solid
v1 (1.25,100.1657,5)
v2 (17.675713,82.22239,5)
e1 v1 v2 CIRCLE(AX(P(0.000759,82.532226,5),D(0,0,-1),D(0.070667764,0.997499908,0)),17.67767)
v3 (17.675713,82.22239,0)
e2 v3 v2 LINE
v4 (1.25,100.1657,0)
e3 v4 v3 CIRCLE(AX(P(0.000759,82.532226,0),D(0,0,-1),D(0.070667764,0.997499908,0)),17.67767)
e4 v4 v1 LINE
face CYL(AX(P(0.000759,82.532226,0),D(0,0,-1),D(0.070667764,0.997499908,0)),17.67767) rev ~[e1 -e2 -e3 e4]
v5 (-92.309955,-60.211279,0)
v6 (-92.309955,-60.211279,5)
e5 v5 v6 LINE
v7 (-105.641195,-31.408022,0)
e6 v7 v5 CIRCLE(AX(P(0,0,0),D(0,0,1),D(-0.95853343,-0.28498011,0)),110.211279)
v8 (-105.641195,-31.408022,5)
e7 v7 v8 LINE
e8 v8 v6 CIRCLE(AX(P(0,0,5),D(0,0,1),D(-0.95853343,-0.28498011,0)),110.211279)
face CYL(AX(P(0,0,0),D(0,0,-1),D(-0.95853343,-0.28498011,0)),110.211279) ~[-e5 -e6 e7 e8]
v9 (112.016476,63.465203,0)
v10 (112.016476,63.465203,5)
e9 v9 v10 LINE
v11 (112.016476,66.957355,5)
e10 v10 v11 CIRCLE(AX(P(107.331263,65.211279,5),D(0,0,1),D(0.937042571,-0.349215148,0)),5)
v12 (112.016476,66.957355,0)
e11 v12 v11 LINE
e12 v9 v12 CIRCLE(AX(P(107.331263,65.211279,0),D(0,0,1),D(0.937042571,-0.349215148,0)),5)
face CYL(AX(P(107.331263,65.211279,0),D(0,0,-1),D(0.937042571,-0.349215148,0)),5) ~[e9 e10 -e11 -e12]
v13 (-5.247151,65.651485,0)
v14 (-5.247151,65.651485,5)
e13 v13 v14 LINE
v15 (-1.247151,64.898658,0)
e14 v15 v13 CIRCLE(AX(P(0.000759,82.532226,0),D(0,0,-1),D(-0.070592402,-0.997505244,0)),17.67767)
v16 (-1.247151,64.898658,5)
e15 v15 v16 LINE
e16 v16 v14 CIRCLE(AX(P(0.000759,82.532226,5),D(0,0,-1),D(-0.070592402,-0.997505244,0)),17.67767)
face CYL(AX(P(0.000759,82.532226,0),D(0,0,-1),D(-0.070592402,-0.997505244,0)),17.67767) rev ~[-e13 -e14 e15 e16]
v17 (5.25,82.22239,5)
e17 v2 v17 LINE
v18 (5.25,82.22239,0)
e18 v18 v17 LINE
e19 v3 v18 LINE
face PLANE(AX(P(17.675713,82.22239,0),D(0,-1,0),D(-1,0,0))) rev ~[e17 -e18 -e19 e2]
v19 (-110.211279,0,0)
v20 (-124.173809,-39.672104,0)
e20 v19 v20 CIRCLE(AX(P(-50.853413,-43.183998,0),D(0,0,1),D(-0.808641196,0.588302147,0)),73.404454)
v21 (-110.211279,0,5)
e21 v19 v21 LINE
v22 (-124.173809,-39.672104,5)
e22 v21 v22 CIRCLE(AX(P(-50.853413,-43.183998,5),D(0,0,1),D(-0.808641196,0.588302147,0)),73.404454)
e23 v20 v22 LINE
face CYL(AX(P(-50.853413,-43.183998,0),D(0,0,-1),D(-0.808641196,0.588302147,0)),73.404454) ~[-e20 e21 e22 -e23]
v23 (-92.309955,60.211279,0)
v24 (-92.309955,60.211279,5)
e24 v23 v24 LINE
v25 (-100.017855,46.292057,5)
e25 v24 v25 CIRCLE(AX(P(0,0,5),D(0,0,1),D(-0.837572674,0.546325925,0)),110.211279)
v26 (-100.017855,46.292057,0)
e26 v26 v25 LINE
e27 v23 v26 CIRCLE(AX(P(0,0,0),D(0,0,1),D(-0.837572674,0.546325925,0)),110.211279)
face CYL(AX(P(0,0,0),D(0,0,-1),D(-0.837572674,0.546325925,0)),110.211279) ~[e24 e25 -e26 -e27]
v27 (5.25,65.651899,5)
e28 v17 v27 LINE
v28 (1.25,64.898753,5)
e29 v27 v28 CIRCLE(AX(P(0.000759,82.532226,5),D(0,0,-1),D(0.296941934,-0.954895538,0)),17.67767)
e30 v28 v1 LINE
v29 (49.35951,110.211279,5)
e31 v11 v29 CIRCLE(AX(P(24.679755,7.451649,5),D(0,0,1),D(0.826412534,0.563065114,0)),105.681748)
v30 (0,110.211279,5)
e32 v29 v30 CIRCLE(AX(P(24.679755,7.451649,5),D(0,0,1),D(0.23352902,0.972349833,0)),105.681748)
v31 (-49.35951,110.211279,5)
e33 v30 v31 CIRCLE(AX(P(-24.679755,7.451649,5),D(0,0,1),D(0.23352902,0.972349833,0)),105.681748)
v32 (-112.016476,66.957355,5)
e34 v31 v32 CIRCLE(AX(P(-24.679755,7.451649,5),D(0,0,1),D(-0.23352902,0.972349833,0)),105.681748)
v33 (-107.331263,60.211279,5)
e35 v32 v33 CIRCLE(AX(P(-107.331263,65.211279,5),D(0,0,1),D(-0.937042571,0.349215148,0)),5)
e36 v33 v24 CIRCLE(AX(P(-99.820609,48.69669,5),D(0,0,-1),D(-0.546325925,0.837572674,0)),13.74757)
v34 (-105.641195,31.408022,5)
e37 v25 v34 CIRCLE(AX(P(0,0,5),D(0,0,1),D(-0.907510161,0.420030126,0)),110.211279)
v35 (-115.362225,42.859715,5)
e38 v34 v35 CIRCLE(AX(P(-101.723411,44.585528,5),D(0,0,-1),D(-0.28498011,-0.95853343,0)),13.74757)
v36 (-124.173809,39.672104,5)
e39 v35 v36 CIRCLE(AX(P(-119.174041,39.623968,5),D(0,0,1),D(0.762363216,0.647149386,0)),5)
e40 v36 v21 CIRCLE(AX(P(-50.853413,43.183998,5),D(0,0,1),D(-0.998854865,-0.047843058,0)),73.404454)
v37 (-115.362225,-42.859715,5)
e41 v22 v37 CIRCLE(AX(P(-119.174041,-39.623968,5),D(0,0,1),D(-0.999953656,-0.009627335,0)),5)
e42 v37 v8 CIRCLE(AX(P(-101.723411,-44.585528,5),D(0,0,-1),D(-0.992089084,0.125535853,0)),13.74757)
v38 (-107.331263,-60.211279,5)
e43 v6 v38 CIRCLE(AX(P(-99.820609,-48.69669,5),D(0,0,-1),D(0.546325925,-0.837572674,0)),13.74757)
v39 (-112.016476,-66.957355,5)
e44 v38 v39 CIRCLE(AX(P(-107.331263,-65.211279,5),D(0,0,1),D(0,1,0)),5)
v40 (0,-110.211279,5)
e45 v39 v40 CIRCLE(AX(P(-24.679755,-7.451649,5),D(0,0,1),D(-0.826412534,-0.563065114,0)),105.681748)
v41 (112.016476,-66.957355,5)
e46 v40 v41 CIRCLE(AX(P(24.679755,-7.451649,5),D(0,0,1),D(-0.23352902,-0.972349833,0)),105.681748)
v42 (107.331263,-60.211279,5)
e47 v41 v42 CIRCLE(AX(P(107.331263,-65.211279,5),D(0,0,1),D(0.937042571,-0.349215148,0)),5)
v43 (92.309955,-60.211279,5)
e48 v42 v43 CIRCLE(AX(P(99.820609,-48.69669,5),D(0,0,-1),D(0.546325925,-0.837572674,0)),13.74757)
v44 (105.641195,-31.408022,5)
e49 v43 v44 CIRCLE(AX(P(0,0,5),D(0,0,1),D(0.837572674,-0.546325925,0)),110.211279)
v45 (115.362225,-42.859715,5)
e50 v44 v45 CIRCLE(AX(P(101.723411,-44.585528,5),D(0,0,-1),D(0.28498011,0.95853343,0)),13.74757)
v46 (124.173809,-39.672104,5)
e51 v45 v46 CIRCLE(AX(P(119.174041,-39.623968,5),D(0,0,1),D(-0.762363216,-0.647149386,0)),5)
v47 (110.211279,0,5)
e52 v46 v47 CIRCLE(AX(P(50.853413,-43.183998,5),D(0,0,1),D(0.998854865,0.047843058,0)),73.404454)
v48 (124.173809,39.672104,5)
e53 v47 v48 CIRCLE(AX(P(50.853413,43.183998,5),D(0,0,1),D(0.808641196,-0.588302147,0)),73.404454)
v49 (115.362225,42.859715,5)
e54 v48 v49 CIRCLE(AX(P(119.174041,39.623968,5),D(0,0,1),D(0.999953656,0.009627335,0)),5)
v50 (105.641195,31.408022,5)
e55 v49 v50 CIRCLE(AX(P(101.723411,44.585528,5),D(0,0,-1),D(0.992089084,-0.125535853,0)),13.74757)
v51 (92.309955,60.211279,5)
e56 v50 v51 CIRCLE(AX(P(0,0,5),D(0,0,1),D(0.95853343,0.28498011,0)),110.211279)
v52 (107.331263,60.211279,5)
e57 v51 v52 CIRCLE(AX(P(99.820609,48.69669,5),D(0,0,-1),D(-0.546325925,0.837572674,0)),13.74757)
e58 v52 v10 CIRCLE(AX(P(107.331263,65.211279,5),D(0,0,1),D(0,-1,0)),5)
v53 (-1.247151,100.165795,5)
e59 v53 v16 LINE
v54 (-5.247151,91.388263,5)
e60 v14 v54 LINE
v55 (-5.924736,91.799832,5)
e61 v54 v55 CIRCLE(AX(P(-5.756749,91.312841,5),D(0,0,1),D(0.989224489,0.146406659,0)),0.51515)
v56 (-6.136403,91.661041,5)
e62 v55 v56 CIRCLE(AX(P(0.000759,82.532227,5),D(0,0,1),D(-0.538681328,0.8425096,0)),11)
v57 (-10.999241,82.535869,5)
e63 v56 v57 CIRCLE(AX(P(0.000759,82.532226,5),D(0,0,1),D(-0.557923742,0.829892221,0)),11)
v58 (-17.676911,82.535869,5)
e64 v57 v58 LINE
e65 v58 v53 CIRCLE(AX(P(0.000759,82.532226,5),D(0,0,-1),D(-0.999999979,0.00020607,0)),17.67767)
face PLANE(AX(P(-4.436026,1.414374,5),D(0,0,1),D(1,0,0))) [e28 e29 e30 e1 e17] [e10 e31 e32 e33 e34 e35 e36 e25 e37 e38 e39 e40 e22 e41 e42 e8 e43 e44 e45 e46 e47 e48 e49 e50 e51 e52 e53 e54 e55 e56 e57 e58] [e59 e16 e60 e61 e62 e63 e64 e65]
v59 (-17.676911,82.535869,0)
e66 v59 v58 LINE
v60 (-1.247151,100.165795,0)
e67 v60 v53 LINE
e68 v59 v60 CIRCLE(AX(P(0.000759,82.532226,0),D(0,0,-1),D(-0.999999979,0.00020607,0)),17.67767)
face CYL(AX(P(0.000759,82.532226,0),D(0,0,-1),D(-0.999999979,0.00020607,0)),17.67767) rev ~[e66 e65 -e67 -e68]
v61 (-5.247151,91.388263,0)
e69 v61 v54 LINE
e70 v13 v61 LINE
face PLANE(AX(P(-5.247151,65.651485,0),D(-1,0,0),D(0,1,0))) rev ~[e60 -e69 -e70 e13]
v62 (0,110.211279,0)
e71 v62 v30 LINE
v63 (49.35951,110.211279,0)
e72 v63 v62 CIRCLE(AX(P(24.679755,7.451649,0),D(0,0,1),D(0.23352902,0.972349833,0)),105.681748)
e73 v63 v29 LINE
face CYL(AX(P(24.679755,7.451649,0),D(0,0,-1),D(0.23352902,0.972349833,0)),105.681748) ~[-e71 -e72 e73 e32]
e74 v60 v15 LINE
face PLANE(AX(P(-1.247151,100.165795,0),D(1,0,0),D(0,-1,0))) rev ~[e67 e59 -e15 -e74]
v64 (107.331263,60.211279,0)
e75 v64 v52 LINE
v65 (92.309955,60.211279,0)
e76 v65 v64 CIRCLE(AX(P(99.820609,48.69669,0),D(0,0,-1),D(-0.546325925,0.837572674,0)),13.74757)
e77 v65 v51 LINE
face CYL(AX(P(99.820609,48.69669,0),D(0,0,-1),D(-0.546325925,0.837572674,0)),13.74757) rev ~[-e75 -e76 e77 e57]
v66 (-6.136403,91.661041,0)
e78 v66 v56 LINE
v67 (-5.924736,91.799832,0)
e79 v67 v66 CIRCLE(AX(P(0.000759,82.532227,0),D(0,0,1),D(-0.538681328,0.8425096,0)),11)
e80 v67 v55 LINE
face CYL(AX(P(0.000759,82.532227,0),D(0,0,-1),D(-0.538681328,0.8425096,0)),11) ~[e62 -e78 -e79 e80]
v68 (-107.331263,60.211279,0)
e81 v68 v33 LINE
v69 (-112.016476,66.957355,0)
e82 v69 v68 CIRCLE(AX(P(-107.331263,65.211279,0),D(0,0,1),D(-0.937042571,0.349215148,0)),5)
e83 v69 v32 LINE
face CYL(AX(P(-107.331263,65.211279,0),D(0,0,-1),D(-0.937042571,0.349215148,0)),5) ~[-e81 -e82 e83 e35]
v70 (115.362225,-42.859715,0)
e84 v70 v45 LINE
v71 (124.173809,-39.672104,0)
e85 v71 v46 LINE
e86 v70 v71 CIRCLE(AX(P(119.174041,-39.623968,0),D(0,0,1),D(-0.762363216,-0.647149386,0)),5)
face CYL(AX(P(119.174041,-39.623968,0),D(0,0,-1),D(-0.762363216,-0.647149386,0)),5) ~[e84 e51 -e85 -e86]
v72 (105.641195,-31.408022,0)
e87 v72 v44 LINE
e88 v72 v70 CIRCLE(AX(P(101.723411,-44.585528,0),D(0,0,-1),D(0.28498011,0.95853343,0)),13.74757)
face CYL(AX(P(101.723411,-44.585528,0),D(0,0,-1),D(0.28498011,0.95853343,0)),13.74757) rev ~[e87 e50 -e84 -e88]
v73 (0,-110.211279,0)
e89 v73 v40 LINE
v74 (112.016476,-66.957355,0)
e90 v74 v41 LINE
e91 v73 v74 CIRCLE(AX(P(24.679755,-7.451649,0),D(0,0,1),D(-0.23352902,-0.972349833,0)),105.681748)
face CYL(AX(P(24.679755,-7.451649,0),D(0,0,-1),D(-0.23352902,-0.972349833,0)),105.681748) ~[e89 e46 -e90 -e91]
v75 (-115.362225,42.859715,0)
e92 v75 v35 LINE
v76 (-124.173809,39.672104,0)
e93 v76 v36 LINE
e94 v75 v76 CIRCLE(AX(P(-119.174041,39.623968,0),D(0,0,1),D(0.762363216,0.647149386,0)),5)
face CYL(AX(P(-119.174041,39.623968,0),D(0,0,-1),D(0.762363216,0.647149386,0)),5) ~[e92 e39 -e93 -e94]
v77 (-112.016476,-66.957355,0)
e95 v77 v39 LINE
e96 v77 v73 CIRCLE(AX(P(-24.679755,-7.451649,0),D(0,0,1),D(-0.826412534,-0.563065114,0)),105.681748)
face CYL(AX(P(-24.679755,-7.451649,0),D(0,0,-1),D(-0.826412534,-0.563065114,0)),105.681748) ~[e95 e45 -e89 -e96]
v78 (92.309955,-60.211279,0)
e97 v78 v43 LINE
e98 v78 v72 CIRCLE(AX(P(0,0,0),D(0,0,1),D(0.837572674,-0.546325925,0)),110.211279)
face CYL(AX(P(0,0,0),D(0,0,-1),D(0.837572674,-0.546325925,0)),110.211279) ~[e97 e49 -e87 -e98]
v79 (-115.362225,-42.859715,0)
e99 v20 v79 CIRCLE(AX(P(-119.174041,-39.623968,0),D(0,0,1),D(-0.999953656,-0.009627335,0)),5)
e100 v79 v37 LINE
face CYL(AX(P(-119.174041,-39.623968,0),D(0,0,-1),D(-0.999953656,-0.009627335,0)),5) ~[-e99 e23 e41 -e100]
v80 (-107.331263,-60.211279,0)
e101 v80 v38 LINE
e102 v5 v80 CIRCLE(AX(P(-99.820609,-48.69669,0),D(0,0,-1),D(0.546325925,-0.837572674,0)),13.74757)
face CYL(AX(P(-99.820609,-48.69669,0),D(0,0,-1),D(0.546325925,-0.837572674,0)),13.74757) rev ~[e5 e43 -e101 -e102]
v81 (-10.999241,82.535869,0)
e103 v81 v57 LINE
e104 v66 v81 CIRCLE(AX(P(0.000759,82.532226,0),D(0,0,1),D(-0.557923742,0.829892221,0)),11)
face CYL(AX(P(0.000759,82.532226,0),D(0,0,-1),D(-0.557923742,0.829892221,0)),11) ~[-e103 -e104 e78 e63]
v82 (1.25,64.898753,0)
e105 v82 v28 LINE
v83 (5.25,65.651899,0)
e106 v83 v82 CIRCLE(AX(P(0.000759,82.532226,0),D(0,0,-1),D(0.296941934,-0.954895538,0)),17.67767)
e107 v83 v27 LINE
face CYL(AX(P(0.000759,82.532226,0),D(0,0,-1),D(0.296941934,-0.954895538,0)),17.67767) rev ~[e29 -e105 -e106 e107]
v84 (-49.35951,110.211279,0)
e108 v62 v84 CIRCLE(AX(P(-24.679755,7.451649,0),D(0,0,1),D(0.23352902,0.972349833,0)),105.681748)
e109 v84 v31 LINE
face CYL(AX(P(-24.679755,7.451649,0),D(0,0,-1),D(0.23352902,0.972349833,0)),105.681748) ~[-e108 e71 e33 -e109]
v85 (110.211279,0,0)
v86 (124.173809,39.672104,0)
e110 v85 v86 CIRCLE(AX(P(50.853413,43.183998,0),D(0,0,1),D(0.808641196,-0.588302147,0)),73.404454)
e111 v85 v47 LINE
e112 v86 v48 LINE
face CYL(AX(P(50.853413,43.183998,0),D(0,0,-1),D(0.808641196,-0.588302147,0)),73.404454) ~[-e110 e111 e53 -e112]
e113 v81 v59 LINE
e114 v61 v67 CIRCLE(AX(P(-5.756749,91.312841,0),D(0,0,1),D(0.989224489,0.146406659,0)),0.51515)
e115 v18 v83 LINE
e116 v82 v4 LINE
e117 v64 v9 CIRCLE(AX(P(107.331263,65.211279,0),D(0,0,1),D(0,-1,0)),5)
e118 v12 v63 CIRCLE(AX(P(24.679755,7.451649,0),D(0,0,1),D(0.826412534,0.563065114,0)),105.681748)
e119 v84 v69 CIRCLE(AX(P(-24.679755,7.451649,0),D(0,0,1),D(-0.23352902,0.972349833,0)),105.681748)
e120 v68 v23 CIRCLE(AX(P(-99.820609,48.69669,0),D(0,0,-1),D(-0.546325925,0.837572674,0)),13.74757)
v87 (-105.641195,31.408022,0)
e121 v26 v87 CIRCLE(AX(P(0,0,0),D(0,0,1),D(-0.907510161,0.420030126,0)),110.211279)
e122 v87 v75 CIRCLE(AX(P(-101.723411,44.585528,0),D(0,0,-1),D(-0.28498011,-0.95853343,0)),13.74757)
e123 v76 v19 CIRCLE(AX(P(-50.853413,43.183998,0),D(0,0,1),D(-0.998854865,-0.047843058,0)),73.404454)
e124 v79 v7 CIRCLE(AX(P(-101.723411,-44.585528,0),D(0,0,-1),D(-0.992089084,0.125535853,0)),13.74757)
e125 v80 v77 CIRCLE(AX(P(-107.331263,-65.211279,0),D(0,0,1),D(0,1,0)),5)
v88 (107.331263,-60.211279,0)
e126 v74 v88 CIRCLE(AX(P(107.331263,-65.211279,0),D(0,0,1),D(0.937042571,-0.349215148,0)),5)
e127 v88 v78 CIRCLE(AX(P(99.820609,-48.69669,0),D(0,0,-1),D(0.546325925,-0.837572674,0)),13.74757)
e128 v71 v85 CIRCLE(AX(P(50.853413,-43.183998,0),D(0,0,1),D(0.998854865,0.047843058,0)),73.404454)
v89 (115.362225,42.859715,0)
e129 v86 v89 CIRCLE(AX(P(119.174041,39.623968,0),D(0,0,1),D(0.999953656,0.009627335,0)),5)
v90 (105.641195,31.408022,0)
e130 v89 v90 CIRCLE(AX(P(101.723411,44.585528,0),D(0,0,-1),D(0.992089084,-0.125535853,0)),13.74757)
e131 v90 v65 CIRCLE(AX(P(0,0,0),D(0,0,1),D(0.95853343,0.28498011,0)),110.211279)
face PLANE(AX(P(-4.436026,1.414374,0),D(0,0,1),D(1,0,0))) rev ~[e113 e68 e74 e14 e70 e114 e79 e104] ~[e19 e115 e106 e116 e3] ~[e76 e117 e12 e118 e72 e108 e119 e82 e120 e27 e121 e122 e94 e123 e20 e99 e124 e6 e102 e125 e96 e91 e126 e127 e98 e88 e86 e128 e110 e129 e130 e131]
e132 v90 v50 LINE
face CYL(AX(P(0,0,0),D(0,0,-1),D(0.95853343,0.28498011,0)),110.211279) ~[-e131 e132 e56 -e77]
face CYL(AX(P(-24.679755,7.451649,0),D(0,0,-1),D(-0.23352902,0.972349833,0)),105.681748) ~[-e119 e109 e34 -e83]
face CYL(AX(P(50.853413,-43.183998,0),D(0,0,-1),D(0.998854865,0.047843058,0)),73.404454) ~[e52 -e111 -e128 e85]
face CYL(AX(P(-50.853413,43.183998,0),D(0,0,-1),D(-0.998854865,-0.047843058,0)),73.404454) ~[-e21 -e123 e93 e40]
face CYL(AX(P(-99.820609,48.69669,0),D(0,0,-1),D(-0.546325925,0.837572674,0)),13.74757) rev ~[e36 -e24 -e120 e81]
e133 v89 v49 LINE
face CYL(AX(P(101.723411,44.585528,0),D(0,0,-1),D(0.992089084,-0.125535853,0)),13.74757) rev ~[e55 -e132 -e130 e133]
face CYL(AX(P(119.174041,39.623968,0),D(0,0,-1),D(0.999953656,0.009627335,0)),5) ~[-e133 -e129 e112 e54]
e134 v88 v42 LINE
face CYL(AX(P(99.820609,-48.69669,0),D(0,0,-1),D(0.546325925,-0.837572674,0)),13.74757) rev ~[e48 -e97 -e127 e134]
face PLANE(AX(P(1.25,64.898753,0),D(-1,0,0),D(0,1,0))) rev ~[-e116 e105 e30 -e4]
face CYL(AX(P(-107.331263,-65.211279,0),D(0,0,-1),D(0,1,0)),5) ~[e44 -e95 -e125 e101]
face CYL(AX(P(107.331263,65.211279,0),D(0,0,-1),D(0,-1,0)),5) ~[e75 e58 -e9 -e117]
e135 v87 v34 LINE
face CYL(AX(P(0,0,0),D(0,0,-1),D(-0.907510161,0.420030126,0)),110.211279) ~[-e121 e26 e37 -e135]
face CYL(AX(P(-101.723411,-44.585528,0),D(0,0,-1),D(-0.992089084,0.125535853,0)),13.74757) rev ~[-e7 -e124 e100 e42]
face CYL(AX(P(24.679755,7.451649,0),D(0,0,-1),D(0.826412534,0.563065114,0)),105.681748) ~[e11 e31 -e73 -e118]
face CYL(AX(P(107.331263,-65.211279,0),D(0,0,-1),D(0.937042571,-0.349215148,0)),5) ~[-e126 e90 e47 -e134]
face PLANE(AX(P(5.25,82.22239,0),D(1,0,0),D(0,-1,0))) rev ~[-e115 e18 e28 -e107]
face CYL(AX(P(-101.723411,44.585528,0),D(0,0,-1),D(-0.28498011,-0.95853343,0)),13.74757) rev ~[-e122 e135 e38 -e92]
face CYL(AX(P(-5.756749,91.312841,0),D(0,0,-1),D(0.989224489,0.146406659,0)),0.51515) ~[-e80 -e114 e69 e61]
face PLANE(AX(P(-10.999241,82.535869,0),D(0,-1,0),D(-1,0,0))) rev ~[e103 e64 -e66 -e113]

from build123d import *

# Parameters (mm, degrees)
F1_DEPTH = 5


with BuildPart() as f1:
    # F0 (on Top) → F1 (new body)
    with BuildSketch(Plane.XY):
        with BuildLine():
            ThreePointArc((-49.3595098916, 110.2112788137), (-84.71847747, 94.422814407), (-112.0164757766, 66.9573545531))
            ThreePointArc((-112.0164757766, 66.9573545531), (-111.4379878132, 62.359119868), (-107.33126292, 60.2112788137))
            ThreePointArc((-107.33126292, 60.2112788137), (-99.8206092018, 62.444259798), (-92.3099554835, 60.2112788137))
            Line((-92.3099554835, 60.2112788137), (0, 0))
            Line((0, 0), (-110.2112788137, 0))
            ThreePointArc((-110.2112788137, 0), (-109.0627736394, -15.869385112), (-105.6411951245, -31.4080223893))
            ThreePointArc((-105.6411951245, -31.4080223893), (-100.0178554155, -46.292057373), (-92.3099554835, -60.2112788137))
            ThreePointArc((-92.3099554835, -60.2112788137), (-99.8206092018, -62.444259798), (-107.33126292, -60.2112788137))
            ThreePointArc((-107.33126292, -60.2112788137), (-111.4379878132, -62.359119868), (-112.0164757766, -66.9573545531))
            ThreePointArc((-112.0164757766, -66.9573545531), (-62.7481057699, -106.0388311627), (0, -110.2112788137))
            ThreePointArc((0, -110.2112788137), (62.7481057699, -106.0388311627), (112.0164757766, -66.9573545531))
            ThreePointArc((112.0164757766, -66.9573545531), (111.4379878132, -62.359119868), (107.33126292, -60.2112788137))
            ThreePointArc((107.33126292, -60.2112788137), (99.8206092018, -62.444259798), (92.3099554835, -60.2112788137))
            ThreePointArc((92.3099554835, -60.2112788137), (100.0178554155, -46.292057373), (105.6411951245, -31.4080223893))
            ThreePointArc((105.6411951245, -31.4080223893), (109.0627736394, -15.869385112), (110.2112788137, 0))
            ThreePointArc((110.2112788137, 0), (109.0627736394, 15.869385112), (105.6411951245, 31.4080223893))
            ThreePointArc((105.6411951245, 31.4080223893), (100.0178554155, 46.292057373), (92.3099554835, 60.2112788137))
            ThreePointArc((92.3099554835, 60.2112788137), (99.8206092018, 62.444259798), (107.33126292, 60.2112788137))
            ThreePointArc((107.33126292, 60.2112788137), (110.1834218657, 61.1045539205), (112.0164757766, 63.4652030743))
            Line((112.0164757766, 63.4652030743), (112.0164757766, 66.9573545531))
            ThreePointArc((112.0164757766, 66.9573545531), (84.71847747, 94.422814407), (49.3595098916, 110.2112788137))
            Line((49.3595098916, 110.2112788137), (0, 110.2112788137))
            Line((0, 110.2112788137), (-49.3595098916, 110.2112788137))
        make_face()
        with BuildLine():
            ThreePointArc((-17.676910541, 82.5358693145), (-12.9316790716, 94.5842825427), (-1.2471505461, 100.165794538))
            Line((-1.2471505461, 100.165794538), (-1.2471505461, 82.5358693145))
            Line((-1.2471505461, 82.5358693145), (-1.2471505461, 65.0322264722))
            Line((-1.2471505461, 65.0322264722), (-1.2471505461, 64.8986584064))
            ThreePointArc((-1.2471505461, 64.8986584064), (-3.2688897914, 65.1595640594), (-5.2471505461, 65.6514845023))
            Line((-5.2471505461, 65.6514845023), (-5.2471505461, 91.2374200697))
            Line((-5.2471505461, 91.2374200697), (-5.2471505461, 91.3882628083))
            ThreePointArc((-5.2471505461, 91.3882628083), (-5.4893133361, 91.7531337591), (-5.9247359984, 91.7998320749))
            ThreePointArc((-5.9247359984, 91.7998320749), (-6.030968486, 91.7310453203), (-6.1364025444, 91.6610409037))
            ThreePointArc((-6.1364025444, 91.6610409037), (-9.7068547443, 87.705450119), (-10.9992407835, 82.5358693145))
            Line((-10.9992407835, 82.5358693145), (-17.676910541, 82.5358693145))
        make_face(mode=Mode.SUBTRACT)
        with BuildLine():
            Line((17.6757126889, 82.222390346), (5.25, 82.222390346))
            Line((5.25, 82.222390346), (5.25, 65.6518987247))
            ThreePointArc((5.25, 65.6518987247), (3.2717488011, 65.1598166454), (1.25, 64.8987527373))
            Line((1.25, 64.8987527373), (1.25, 65.0322264722))
            Line((1.25, 65.0322264722), (1.25, 82.5322264722))
            Line((1.25, 82.5322264722), (1.25, 100.165700207))
            ThreePointArc((1.25, 100.165700207), (13.0400026737, 94.4686461336), (17.6757126889, 82.222390346))
        make_face(mode=Mode.SUBTRACT)
        with BuildLine():
            ThreePointArc((0, 110.2112788137), (-24.6797549458, 113.1333968343), (-49.3595098916, 110.2112788137))
            Line((-49.3595098916, 110.2112788137), (0, 110.2112788137))
        make_face()
        with BuildLine():
            Line((0, 0), (-92.3099554835, 60.2112788137))
            ThreePointArc((-92.3099554835, 60.2112788137), (-96.4154183349, 53.3909457218), (-100.0178554155, 46.292057373))
            Line((-100.0178554155, 46.292057373), (0, 0))
        make_face()
        with BuildLine():
            ThreePointArc((49.3595098916, 110.2112788137), (24.6797549458, 113.1333968343), (0, 110.2112788137))
            Line((0, 110.2112788137), (49.3595098916, 110.2112788137))
        make_face()
        with BuildLine():
            Line((0, 0), (-100.0178554155, 46.292057373))
            ThreePointArc((-100.0178554155, 46.292057373), (-103.09847182, 38.9516506215), (-105.6411951245, 31.4080223893))
            Line((-105.6411951245, 31.4080223893), (0, 0))
        make_face()
        with BuildLine():
            Line((-109.0627736443, 15.869385078), (0, 0))
            Line((0, 0), (-105.6411951245, 31.4080223893))
            ThreePointArc((-105.6411951245, 31.4080223893), (-107.6327592495, 23.7005298274), (-109.0627736443, 15.869385078))
        make_face()
        with BuildLine():
            Line((-110.2112788137, 0), (0, 0))
            Line((0, 0), (-109.0627736443, 15.869385078))
            ThreePointArc((-109.0627736443, 15.869385078), (-109.923777528, 7.955445413), (-110.2112788137, 0))
        make_face()
        with BuildLine():
            ThreePointArc((-109.0627736443, 15.869385078), (-107.6327592495, 23.7005298274), (-105.6411951245, 31.4080223893))
            ThreePointArc((-105.6411951245, 31.4080223893), (-112.2040526288, 35.6887962365), (-115.362225006, 42.8597146287))
            ThreePointArc((-115.362225006, 42.8597146287), (-120.874929791, 44.3257734811), (-124.1738093645, 39.6721043733))
            ThreePointArc((-124.1738093645, 39.6721043733), (-120.0946527482, 18.8146599148), (-110.2112788137, 0))
            ThreePointArc((-110.2112788137, 0), (-109.923777528, 7.955445413), (-109.0627736443, 15.869385078))
        make_face()
        with BuildLine():
            ThreePointArc((-105.6411951245, -31.4080223893), (-109.0627736394, -15.869385112), (-110.2112788137, 0))
            ThreePointArc((-110.2112788137, 0), (-120.0946527482, -18.8146599148), (-124.1738093645, -39.6721043733))
            ThreePointArc((-124.1738093645, -39.6721043733), (-120.874929791, -44.3257734811), (-115.362225006, -42.8597146287))
            ThreePointArc((-115.362225006, -42.8597146287), (-112.2040526288, -35.6887962365), (-105.6411951245, -31.4080223893))
        make_face()
        with BuildLine():
            ThreePointArc((112.0164757766, 63.4652030743), (112.33126292, 65.2112788137), (112.0164757766, 66.9573545531))
            Line((112.0164757766, 66.9573545531), (112.0164757766, 63.4652030743))
        make_face()
        with BuildLine():
            ThreePointArc((115.362225006, 42.8597146287), (112.2040526288, 35.6887962365), (105.6411951245, 31.4080223893))
            ThreePointArc((105.6411951245, 31.4080223893), (109.0627736394, 15.869385112), (110.2112788137, 0))
            ThreePointArc((110.2112788137, 0), (120.0946527482, 18.8146599148), (124.1738093645, 39.6721043733))
            ThreePointArc((124.1738093645, 39.6721043733), (120.874929791, 44.3257734811), (115.362225006, 42.8597146287))
        make_face()
        with BuildLine():
            ThreePointArc((124.1738093645, -39.6721043733), (120.0946527482, -18.8146599148), (110.2112788137, 0))
            ThreePointArc((110.2112788137, 0), (109.0627736394, -15.869385112), (105.6411951245, -31.4080223893))
            ThreePointArc((105.6411951245, -31.4080223893), (112.2040526288, -35.6887962365), (115.362225006, -42.8597146287))
            ThreePointArc((115.362225006, -42.8597146287), (120.874929791, -44.3257734811), (124.1738093645, -39.6721043733))
        make_face()
    extrude(amount=F1_DEPTH)


solid = f1.part
